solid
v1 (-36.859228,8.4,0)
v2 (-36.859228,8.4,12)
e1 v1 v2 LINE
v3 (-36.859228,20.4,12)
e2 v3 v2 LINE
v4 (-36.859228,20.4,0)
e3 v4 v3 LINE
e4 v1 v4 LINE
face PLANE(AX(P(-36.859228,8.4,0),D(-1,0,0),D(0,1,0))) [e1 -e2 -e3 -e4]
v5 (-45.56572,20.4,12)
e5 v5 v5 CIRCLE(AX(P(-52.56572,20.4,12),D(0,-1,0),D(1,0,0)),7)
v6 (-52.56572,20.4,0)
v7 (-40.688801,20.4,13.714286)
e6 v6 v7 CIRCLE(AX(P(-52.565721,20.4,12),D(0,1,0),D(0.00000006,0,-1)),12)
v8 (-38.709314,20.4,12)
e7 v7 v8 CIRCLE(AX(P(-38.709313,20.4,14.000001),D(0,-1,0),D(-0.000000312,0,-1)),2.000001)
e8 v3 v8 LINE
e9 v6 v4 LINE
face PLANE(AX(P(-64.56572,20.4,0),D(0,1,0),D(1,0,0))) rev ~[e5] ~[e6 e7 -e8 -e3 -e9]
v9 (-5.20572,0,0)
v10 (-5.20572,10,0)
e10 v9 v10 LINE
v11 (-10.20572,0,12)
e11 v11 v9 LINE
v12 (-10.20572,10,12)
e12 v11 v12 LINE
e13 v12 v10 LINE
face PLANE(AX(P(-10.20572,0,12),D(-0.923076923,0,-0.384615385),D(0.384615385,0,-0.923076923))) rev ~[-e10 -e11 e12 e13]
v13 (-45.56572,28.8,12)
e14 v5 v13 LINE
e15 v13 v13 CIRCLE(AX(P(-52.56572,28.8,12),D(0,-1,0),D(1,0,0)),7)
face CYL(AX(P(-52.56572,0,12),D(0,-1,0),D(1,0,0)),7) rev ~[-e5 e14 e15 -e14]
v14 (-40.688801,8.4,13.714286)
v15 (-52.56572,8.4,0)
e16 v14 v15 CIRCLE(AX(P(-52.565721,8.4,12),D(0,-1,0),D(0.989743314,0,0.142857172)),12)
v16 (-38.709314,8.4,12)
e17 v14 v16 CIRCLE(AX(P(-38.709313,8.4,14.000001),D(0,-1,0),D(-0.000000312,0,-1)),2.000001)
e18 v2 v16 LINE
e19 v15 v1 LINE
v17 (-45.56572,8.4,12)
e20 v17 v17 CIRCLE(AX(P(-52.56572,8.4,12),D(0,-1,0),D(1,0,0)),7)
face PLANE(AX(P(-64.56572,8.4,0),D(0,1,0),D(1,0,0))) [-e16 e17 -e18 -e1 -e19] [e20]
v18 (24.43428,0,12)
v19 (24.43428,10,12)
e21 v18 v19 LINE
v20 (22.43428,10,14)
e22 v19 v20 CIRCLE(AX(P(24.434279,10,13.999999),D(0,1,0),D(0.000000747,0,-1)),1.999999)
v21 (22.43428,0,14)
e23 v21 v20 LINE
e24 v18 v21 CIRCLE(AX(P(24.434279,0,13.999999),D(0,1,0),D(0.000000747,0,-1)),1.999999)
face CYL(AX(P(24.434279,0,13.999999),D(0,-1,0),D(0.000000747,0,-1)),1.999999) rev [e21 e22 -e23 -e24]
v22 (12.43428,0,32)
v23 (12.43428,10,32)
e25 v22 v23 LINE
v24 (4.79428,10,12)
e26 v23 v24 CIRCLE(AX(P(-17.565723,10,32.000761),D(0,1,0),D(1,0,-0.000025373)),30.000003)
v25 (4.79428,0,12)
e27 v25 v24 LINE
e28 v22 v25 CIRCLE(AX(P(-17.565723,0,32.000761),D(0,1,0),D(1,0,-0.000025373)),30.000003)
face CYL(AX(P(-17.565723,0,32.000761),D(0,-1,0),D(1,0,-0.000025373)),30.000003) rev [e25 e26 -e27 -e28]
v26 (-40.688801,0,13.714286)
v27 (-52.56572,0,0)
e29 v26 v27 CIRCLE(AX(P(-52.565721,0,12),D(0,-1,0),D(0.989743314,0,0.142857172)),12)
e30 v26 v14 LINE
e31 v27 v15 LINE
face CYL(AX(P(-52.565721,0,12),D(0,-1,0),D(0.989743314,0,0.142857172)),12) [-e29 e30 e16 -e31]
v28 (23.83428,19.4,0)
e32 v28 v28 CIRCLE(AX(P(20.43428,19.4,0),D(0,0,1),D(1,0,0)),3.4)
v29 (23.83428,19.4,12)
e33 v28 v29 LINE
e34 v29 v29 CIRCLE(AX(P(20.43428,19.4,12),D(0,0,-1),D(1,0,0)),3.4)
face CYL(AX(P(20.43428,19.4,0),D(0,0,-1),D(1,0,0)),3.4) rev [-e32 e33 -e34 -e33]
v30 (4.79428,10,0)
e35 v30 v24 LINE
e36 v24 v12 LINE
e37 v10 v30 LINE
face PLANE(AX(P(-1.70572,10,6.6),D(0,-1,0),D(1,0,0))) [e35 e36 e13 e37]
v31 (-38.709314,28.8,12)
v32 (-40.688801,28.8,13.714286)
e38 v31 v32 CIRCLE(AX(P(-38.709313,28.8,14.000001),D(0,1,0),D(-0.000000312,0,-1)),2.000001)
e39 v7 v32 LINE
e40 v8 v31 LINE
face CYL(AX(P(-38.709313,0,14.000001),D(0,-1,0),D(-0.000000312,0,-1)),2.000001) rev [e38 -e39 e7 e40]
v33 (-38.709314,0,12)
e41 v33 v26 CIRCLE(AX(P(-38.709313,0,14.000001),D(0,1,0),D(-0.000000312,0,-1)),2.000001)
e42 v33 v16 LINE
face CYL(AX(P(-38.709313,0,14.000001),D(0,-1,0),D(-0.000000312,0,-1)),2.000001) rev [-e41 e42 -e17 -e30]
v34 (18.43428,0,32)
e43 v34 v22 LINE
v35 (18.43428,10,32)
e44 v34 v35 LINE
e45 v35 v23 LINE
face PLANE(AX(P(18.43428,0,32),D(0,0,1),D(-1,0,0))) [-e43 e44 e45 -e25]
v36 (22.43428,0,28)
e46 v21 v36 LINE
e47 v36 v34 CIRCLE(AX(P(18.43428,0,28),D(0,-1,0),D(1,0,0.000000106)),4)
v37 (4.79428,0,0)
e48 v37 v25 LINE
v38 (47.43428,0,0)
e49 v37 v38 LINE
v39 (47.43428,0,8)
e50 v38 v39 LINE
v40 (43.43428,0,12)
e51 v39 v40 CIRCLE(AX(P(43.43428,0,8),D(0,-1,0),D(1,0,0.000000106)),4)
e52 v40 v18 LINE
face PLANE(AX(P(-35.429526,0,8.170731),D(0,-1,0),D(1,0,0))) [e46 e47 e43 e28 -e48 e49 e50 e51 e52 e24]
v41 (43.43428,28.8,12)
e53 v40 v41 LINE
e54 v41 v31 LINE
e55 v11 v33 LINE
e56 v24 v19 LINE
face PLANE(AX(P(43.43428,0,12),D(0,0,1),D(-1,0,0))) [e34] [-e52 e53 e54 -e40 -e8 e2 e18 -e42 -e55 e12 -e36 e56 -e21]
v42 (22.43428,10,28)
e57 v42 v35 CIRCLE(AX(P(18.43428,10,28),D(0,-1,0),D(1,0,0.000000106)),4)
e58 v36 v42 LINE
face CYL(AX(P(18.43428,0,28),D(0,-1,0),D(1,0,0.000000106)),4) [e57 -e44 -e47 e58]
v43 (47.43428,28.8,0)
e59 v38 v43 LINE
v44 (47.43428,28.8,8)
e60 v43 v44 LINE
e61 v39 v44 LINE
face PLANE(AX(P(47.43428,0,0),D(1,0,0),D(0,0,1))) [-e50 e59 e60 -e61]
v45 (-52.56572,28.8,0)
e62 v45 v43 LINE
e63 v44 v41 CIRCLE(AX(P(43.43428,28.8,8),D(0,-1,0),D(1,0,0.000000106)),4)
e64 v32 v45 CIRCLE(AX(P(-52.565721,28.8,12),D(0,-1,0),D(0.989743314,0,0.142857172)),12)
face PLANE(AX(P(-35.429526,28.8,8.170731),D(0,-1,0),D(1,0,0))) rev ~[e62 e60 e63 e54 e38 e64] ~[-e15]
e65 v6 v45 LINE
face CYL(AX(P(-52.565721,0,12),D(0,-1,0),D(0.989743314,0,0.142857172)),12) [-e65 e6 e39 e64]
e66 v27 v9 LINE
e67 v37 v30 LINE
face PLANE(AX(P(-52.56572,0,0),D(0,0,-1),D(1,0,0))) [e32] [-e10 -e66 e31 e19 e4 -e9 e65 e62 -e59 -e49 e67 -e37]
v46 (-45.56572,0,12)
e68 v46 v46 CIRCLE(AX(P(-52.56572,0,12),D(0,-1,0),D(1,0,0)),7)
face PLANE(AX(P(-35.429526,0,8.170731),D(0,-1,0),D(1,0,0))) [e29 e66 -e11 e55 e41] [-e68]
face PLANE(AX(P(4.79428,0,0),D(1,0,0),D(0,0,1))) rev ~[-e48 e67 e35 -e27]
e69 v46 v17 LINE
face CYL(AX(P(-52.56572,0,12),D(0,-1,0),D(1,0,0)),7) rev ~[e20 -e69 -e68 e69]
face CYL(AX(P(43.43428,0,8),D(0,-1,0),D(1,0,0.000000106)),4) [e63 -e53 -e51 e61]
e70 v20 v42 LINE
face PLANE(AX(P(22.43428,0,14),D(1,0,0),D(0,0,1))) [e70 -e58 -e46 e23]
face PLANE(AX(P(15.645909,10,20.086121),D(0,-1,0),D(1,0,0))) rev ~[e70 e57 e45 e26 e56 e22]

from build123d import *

# Parameters (mm, degrees)
F0_R     = 7
F1_DEPTH = 28.8
F2_DEPTH = 10
F3_DEPTH = 10
F4_W     = 27.706493
F4_H     = 12
F4_R     = 3.4
F5_DEPTH = 29.9


with BuildPart() as f1:
    # F0 (on Front) → F1 (new body)
    with BuildSketch(Plane.XZ):
        with BuildLine():
            ThreePointArc((-40.688801, 13.714286), (-61.636868, 19.855844), (-52.56572, 0))
            Line((-52.56572, 0), (-5.20572, 0))
            Line((-5.20572, 0), (-10.20572, 12))
            Line((-10.20572, 12), (-38.709314, 12))
            ThreePointArc((-38.709314, 12), (-40.018621, 12.488142), (-40.688801, 13.714286))
        make_face()
        with Locations((-52.56572, 12)):
            Circle(F0_R, mode=Mode.SUBTRACT)
        with BuildLine():
            Line((4.79428, 12), (4.79428, 0))
            Line((4.79428, 0), (47.43428, 0))
            Line((47.43428, 0), (47.43428, 8))
            ThreePointArc((47.43428, 8), (46.262707, 10.828427), (43.43428, 12))
            Line((43.43428, 12), (24.43428, 12))
            Line((24.43428, 12), (4.79428, 12))
        make_face()
        Polygon((-10.20572, 12), (-5.20572, 0), (4.79428, 0), (4.79428, 12), align=None)
    extrude(amount=-F1_DEPTH)

    # F0 (on Front) → F2 (join)
    with BuildSketch(Plane.XZ):
        with BuildLine():
            ThreePointArc((12.43428, 32), (10.459133, 21.295266), (4.79428, 12))
            Line((4.79428, 12), (24.43428, 12))
            ThreePointArc((24.43428, 12), (23.020066, 12.585786), (22.43428, 14))
            Line((22.43428, 14), (22.43428, 28))
            ThreePointArc((22.43428, 28), (21.262707, 30.828427), (18.43428, 32))
            Line((18.43428, 32), (12.43428, 32))
        make_face()
    extrude(amount=-F2_DEPTH)

    # F0 (on Front) → F3 (cut)
    with BuildSketch(Plane.XZ):
        Polygon((-10.20572, 12), (-5.20572, 0), (4.79428, 0), (4.79428, 12), align=None)
    extrude(amount=-F3_DEPTH, mode=Mode.SUBTRACT)

    # F4 (on Top) → F5 (cut)
    with BuildSketch(Plane.XY):
        with Locations((-50.712474, 14.4)):
            Rectangle(F4_W, F4_H)
        with Locations((20.43428, 19.4)):
            Circle(F4_R)
    extrude(amount=F5_DEPTH, mode=Mode.SUBTRACT)


solid = f1.part
